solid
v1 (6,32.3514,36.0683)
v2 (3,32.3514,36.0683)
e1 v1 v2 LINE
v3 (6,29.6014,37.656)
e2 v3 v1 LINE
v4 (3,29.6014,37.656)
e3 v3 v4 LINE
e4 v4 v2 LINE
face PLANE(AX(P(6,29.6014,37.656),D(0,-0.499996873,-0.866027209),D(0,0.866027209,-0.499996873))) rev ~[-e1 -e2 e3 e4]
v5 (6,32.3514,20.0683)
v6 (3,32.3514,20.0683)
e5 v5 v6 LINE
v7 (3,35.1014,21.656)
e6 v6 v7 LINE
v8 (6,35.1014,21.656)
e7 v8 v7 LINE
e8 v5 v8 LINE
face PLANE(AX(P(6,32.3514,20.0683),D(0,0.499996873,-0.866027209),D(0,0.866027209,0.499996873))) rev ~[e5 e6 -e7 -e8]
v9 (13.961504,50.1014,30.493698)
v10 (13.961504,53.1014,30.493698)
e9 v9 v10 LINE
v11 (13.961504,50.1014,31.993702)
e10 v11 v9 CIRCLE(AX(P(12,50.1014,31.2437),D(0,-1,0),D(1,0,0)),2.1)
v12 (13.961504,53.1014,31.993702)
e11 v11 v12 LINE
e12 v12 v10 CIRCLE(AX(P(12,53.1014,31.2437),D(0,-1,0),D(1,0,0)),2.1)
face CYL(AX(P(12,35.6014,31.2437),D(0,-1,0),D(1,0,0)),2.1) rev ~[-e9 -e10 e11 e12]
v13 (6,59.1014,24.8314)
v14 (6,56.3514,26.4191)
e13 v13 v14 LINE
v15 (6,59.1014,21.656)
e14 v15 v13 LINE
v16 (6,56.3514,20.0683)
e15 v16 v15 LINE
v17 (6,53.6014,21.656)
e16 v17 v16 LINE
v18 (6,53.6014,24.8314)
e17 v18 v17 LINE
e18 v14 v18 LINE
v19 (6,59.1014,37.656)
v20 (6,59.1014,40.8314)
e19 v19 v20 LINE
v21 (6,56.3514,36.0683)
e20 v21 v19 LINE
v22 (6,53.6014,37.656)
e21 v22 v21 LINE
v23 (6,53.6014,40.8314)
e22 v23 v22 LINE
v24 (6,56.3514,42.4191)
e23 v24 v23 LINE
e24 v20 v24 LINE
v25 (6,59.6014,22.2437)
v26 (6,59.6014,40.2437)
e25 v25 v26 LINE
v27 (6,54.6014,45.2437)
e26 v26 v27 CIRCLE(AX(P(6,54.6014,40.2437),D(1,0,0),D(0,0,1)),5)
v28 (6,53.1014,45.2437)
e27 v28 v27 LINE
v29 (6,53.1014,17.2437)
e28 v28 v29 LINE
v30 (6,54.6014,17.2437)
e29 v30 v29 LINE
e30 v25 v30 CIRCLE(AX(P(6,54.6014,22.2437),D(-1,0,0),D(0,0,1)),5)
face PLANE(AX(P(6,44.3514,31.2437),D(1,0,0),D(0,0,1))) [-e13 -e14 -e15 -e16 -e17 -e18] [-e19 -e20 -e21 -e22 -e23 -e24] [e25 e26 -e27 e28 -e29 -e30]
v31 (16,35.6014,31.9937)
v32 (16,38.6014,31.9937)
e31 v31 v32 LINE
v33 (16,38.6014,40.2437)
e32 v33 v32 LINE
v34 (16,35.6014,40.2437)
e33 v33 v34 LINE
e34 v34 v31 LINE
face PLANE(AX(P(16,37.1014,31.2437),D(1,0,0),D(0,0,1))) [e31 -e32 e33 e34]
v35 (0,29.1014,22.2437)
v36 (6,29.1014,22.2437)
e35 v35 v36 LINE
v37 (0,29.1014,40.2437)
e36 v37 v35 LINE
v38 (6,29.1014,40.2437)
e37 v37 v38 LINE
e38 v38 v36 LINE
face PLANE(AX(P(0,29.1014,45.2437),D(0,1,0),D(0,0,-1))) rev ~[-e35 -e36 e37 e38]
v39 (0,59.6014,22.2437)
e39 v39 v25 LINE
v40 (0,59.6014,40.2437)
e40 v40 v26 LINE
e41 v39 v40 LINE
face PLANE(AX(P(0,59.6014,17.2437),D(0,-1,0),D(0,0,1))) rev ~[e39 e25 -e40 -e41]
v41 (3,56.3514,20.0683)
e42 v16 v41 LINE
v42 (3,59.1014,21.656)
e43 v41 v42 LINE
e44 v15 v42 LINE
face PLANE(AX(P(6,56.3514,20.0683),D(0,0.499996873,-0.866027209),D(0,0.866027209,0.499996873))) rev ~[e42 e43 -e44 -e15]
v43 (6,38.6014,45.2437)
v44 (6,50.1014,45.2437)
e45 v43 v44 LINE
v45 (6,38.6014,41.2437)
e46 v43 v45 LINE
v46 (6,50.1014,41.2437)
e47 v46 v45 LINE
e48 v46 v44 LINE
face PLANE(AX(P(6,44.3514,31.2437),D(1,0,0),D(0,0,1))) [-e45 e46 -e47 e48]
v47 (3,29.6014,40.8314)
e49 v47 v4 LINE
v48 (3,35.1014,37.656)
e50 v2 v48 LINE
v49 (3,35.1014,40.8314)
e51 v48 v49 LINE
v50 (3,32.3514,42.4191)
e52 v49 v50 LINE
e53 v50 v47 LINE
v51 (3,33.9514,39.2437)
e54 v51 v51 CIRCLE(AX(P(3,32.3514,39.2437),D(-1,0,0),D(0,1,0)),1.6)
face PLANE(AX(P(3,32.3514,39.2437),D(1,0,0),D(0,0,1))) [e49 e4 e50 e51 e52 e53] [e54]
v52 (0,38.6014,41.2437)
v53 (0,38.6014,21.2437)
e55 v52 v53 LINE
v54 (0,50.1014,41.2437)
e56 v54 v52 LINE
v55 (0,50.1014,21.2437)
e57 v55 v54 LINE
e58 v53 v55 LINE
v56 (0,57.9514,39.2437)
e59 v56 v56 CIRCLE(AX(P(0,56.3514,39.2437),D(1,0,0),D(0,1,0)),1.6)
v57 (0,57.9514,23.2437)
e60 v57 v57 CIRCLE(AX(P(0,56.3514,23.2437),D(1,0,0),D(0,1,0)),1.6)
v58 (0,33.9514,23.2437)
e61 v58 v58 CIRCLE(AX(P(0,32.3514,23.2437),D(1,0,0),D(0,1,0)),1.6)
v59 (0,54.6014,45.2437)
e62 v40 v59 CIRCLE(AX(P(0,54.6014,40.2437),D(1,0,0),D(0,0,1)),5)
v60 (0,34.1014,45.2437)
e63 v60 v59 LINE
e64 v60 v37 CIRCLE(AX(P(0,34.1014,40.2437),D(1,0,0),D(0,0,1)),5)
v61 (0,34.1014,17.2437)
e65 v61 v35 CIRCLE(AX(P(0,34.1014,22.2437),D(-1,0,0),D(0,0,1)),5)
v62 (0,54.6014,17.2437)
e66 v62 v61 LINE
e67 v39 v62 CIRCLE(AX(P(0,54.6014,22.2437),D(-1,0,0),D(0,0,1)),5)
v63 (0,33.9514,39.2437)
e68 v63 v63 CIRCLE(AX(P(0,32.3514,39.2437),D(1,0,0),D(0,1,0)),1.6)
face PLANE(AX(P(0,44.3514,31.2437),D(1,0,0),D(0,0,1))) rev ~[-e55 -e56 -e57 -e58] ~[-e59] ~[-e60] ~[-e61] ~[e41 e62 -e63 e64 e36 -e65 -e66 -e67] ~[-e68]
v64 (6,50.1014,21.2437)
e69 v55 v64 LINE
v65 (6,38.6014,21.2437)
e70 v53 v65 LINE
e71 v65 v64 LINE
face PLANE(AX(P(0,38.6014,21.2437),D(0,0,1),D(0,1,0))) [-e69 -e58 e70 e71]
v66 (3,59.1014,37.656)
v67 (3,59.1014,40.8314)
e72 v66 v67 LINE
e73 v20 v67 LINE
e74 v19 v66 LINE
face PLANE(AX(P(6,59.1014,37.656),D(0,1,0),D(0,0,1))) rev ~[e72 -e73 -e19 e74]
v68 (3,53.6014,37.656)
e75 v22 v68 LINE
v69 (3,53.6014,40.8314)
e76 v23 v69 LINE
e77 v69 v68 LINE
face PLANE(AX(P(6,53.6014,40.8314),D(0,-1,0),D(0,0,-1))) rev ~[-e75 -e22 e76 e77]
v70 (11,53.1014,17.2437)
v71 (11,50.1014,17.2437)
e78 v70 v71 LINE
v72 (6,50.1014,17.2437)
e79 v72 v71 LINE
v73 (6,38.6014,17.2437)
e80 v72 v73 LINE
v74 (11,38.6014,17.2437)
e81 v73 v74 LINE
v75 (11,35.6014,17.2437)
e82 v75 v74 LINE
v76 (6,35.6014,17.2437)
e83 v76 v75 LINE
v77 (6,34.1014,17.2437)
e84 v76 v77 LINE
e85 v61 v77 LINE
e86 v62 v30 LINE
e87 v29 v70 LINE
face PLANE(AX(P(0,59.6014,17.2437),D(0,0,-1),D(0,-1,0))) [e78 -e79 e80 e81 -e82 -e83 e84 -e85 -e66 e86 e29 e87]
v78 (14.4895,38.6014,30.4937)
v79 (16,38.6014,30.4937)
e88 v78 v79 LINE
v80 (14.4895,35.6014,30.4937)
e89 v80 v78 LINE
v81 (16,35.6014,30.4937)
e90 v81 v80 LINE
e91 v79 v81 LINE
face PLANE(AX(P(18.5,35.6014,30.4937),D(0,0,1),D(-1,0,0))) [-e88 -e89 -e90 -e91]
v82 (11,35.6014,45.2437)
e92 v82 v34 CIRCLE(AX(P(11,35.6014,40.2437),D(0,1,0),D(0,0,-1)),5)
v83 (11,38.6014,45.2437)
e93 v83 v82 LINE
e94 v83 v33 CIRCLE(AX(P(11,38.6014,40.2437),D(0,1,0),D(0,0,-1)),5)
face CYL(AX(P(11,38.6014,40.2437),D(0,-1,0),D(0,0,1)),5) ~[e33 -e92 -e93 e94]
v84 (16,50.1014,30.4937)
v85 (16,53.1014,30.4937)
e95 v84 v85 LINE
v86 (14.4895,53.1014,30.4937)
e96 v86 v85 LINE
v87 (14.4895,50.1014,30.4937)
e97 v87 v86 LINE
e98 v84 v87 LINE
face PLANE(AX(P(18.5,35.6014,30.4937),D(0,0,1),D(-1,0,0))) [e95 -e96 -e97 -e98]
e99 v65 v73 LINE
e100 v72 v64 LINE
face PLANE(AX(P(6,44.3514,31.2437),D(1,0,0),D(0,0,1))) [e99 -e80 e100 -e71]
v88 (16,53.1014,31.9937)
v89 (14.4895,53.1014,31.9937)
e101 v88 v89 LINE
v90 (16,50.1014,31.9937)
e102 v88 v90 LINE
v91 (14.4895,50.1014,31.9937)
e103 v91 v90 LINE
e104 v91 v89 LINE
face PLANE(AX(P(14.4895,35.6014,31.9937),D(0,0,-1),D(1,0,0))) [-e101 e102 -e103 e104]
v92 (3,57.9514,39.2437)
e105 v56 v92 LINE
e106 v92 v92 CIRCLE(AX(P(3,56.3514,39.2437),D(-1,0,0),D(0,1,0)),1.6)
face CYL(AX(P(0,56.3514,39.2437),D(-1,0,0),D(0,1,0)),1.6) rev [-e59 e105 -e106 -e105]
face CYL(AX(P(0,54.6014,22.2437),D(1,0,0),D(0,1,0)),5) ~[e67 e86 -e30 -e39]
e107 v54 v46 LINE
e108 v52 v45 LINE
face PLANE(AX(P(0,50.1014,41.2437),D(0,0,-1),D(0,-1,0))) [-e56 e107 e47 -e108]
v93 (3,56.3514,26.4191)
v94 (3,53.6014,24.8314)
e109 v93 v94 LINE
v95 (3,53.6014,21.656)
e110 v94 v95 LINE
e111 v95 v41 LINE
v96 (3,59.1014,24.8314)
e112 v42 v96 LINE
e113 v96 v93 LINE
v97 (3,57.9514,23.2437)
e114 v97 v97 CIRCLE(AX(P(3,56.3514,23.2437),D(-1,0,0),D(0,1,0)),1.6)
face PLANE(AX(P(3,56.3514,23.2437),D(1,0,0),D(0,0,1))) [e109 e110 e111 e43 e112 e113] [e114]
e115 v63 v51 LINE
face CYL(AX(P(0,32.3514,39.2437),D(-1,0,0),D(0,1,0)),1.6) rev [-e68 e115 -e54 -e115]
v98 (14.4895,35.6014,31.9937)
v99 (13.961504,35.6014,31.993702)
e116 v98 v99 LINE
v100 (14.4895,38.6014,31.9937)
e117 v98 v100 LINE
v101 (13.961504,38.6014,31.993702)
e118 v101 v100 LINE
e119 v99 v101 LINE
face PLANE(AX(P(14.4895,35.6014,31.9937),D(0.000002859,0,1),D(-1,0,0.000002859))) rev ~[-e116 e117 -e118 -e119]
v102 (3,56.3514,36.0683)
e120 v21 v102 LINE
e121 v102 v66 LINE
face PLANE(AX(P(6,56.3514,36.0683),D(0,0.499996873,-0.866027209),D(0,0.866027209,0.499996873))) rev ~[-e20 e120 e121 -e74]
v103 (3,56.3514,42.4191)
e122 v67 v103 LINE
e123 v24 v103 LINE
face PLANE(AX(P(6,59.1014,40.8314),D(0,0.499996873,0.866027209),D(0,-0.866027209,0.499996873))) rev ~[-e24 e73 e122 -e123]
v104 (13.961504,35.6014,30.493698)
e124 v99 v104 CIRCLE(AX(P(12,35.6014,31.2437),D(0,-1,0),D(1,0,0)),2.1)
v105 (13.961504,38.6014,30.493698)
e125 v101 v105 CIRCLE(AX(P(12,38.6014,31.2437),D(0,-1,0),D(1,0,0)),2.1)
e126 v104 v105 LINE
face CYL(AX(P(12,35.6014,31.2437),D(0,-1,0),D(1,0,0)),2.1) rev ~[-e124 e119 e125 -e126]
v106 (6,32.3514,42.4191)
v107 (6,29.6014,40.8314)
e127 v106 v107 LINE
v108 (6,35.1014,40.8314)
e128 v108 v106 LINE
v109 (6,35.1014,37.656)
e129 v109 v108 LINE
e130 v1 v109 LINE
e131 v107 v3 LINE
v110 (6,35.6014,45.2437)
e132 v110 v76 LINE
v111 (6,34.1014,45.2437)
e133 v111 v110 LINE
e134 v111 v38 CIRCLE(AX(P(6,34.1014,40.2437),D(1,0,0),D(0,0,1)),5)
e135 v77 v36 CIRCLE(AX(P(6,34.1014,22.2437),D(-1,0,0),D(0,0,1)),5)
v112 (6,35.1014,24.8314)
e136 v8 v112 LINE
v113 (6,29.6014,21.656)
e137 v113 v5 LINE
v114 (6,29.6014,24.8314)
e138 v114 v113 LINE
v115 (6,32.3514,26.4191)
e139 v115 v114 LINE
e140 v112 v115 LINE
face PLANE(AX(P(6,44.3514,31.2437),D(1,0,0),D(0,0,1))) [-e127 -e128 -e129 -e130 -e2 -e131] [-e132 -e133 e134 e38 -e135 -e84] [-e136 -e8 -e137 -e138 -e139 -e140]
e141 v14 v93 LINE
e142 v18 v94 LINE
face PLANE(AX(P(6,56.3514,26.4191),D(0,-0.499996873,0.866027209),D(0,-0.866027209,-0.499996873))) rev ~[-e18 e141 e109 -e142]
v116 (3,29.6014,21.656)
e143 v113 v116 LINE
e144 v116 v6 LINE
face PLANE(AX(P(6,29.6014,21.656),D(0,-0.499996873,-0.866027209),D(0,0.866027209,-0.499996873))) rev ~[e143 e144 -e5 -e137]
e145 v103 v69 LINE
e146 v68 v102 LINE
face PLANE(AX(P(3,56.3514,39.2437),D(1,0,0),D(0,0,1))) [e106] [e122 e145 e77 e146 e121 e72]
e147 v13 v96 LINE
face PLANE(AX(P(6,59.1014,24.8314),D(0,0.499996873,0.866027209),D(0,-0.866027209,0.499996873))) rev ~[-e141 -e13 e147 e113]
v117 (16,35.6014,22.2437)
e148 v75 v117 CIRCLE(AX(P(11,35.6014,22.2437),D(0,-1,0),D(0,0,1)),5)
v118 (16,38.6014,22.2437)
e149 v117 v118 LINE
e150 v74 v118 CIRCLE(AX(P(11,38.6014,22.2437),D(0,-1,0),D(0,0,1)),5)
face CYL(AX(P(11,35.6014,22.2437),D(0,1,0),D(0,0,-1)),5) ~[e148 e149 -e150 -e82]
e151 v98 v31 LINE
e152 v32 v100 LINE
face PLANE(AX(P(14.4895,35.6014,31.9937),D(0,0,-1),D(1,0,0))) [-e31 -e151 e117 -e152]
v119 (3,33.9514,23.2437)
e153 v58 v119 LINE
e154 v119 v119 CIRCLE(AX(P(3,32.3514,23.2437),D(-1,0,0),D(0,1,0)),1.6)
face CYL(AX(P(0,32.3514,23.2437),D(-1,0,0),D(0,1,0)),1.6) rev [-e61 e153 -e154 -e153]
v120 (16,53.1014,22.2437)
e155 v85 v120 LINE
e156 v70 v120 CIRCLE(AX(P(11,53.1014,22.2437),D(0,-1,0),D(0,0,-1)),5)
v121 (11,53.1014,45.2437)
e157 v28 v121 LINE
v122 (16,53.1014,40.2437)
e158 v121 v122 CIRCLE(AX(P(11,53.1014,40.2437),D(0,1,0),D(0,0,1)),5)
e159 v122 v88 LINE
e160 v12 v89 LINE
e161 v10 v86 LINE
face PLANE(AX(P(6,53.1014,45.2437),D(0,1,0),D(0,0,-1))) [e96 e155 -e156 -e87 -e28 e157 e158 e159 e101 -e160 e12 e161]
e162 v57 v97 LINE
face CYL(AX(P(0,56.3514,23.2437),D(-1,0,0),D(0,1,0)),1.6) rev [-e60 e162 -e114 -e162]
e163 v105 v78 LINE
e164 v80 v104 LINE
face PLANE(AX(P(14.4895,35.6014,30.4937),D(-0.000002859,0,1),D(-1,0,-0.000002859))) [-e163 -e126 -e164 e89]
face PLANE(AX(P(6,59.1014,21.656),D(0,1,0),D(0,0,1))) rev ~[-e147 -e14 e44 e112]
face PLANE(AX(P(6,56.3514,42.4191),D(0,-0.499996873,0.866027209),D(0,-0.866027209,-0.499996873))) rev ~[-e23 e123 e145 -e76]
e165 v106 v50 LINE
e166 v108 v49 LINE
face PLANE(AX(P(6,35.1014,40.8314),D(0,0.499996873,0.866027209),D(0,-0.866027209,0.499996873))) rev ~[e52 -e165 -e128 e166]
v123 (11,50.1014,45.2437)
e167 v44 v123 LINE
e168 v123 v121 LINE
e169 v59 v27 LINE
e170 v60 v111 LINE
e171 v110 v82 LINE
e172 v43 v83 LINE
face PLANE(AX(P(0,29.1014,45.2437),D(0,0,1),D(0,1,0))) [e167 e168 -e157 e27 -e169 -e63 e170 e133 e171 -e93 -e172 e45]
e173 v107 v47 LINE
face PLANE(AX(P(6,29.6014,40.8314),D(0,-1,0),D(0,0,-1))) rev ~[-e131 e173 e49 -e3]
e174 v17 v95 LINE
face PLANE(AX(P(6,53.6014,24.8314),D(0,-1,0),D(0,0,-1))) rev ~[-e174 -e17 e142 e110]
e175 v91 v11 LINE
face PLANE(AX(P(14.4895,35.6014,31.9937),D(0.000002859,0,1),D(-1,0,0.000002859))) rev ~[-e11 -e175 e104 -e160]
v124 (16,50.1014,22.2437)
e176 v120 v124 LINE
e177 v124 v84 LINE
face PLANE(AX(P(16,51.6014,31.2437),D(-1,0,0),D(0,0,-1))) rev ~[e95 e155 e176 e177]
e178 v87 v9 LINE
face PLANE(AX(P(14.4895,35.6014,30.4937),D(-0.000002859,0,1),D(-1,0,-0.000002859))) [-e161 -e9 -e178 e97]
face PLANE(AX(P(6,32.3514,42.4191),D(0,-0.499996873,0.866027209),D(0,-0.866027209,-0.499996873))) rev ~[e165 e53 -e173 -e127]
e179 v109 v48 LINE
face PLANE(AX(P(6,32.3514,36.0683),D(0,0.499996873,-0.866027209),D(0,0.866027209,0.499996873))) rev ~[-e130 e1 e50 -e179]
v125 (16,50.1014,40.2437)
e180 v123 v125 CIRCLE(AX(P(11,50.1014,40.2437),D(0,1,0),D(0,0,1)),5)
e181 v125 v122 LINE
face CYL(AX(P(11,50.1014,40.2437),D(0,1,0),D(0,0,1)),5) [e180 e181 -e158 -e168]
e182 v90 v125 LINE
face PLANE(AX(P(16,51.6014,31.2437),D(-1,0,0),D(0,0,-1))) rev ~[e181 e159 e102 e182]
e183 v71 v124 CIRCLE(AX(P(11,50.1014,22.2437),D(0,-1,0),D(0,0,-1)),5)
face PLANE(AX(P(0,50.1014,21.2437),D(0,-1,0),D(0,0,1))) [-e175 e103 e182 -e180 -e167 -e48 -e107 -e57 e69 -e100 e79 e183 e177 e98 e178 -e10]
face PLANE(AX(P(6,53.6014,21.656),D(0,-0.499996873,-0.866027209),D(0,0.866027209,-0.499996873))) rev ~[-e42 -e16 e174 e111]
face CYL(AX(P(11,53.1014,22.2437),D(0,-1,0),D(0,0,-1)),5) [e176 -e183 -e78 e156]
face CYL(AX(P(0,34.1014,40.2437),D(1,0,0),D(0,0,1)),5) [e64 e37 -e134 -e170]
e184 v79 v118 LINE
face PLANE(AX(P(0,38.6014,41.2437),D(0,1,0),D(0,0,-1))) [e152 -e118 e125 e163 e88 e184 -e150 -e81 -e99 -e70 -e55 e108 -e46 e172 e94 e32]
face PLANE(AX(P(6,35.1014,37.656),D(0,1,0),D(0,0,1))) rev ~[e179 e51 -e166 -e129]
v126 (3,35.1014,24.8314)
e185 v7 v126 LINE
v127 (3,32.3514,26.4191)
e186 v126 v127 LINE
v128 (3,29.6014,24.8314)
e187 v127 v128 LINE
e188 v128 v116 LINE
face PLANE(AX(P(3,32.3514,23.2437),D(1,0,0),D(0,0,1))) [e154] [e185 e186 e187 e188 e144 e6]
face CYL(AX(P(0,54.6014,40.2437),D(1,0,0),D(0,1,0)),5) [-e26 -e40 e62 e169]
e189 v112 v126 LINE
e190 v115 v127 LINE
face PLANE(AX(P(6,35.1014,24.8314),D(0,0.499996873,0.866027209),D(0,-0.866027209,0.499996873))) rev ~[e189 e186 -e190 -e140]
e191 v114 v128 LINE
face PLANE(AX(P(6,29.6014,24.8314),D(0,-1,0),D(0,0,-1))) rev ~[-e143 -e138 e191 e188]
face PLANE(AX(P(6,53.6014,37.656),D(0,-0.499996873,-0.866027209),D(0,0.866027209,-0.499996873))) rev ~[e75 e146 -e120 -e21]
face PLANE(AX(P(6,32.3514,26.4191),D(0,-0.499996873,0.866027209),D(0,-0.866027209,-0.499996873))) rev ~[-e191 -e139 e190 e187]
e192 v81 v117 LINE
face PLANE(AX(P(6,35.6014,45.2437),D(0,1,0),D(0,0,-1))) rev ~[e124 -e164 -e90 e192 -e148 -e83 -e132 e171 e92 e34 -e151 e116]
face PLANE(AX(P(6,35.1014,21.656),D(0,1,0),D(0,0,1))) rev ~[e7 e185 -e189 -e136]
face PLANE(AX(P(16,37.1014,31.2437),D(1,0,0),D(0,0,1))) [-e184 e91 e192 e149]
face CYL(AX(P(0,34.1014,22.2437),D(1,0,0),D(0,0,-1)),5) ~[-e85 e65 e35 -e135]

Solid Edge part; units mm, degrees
sketch "Sketch1" plane through (0, 0, 0) normal (1, 0, 0) x (0, 1, 0)
  circle A0 centre (32.3514, 23.2437) radius 1.6
  circle A1 centre (56.3514, 23.2437) radius 1.6
  circle A2 centre (56.3514, 39.2437) radius 1.6
  line L0 (59.6014, 17.2437) -> (59.6014, 45.2437)
  line L1 (29.1014, 45.2437) -> (59.6014, 45.2437)
  line L2 (29.1014, 45.2437) -> (29.1014, 17.2437)
  line L3 (59.6014, 17.2437) -> (29.1014, 17.2437)
  line L4 (38.6014, 21.2437) -> (50.1014, 21.2437)
  line L5 (50.1014, 21.2437) -> (50.1014, 41.2437)
  line L6 (50.1014, 41.2437) -> (38.6014, 41.2437)
  line L7 (38.6014, 41.2437) -> (38.6014, 21.2437)
  circle A3 centre (32.3514, 39.2437) radius 1.6
  dimension "D1" = 9.5
  dimension "D2" = 9.5
extrude "Protrusion1" add sketch "Sketch1" along normal blind 6
sketch "Sketch2" plane through (6, 44.3514, 31.2437) normal (1, 0, 0) x (0, 1, 0)
  line L0 (-5.75, 14) -> (-8.75, 14)
  line L1 (-8.75, 14) -> (-8.75, -14)
  line L2 (-8.75, -14) -> (-5.75, -14)
  line L3 (-5.75, 14) -> (-5.75, -14)
  line L4 (5.75, 14) -> (8.75, 14)
  line L5 (8.75, 14) -> (8.75, -14)
  line L6 (8.75, -14) -> (5.75, -14)
  line L7 (5.75, -14) -> (5.75, 14)
  dimension "D1" = 28
  dimension "D2" = 28
  dimension "D3" = 6.5
  dimension "D4" = 6.5
extrude "ExtrudedProtrusion_2" add sketch "Sketch2" along normal blind 10
sketch "Sketch3" plane through (6, 44.3514, 31.2437) normal (1, 0, 0) x (0, 1, 0)
  line L0 (-9.25, 9.5877) -> (-12, 11.1754)
  line L1 (-12, 11.1754) -> (-14.75, 9.5877)
  line L2 (-14.75, 9.5877) -> (-14.75, 6.4123)
  line L3 (-14.75, 6.4123) -> (-12, 4.8246)
  line L4 (-12, 4.8246) -> (-9.25, 6.4123)
  line L5 (-9.25, 6.4123) -> (-9.25, 9.5877)
  line L6 (-9.25, -6.4123) -> (-12, -4.8246)
  line L7 (-12, -4.8246) -> (-14.75, -6.4123)
  line L8 (-14.75, -6.4123) -> (-14.75, -9.5877)
  line L9 (-14.75, -9.5877) -> (-12, -11.1754)
  line L10 (-12, -11.1754) -> (-9.25, -9.5877)
  line L11 (-9.25, -9.5877) -> (-9.25, -6.4123)
  line L12 (14.75, 9.5877) -> (12, 11.1754)
  line L13 (12, 11.1754) -> (9.25, 9.5877)
  line L14 (9.25, 9.5877) -> (9.25, 6.4123)
  line L15 (9.25, 6.4123) -> (12, 4.8246)
  line L16 (12, 4.8246) -> (14.75, 6.4123)
  line L17 (14.75, 6.4123) -> (14.75, 9.5877)
  line L18 (14.75, -6.4123) -> (12, -4.8246)
  line L19 (12, -4.8246) -> (9.25, -6.4123)
  line L20 (9.25, -6.4123) -> (9.25, -9.5877)
  line L21 (9.25, -9.5877) -> (12, -11.1754)
  line L22 (12, -11.1754) -> (14.75, -9.5877)
  line L23 (14.75, -9.5877) -> (14.75, -6.4123)
extrude "ExtrudedCutout_1" cut sketch "Sketch3" against normal blind 3
sketch "Sketch4" plane through (11, 35.6014, 31.2437) normal (0, -1, 0) x (1, 0, 0)
  line L0 (3.4895, 0.75) -> (7.5, 0.75)
  line L1 (7.5, 0.75) -> (7.5, -0.75)
  line L2 (7.5, -0.75) -> (3.4895, -0.75)
  line L3 (3.4895, -0.75) -> (2.9615, -0.75)
  line L4 (3.4895, 0.75) -> (2.9615, 0.75)
  arc A0 (2.9615, 0.75) -> (2.9615, -0.75) centre (1, 0) ccw
extrude "ExtrudedCutout_2" cut sketch "Sketch4" against normal blind 20
fillet "Round_1" radius 5 8 edges at (16, 37.1014, 45.2437) (16, 51.6014, 45.2437) (16, 37.1014, 17.2437) (16, 51.6014, 17.2437) (3, 29.1014, 17.2437) (3, 29.1014, 45.2437) (3, 59.6014, 45.2437) (3, 59.6014, 17.2437)
